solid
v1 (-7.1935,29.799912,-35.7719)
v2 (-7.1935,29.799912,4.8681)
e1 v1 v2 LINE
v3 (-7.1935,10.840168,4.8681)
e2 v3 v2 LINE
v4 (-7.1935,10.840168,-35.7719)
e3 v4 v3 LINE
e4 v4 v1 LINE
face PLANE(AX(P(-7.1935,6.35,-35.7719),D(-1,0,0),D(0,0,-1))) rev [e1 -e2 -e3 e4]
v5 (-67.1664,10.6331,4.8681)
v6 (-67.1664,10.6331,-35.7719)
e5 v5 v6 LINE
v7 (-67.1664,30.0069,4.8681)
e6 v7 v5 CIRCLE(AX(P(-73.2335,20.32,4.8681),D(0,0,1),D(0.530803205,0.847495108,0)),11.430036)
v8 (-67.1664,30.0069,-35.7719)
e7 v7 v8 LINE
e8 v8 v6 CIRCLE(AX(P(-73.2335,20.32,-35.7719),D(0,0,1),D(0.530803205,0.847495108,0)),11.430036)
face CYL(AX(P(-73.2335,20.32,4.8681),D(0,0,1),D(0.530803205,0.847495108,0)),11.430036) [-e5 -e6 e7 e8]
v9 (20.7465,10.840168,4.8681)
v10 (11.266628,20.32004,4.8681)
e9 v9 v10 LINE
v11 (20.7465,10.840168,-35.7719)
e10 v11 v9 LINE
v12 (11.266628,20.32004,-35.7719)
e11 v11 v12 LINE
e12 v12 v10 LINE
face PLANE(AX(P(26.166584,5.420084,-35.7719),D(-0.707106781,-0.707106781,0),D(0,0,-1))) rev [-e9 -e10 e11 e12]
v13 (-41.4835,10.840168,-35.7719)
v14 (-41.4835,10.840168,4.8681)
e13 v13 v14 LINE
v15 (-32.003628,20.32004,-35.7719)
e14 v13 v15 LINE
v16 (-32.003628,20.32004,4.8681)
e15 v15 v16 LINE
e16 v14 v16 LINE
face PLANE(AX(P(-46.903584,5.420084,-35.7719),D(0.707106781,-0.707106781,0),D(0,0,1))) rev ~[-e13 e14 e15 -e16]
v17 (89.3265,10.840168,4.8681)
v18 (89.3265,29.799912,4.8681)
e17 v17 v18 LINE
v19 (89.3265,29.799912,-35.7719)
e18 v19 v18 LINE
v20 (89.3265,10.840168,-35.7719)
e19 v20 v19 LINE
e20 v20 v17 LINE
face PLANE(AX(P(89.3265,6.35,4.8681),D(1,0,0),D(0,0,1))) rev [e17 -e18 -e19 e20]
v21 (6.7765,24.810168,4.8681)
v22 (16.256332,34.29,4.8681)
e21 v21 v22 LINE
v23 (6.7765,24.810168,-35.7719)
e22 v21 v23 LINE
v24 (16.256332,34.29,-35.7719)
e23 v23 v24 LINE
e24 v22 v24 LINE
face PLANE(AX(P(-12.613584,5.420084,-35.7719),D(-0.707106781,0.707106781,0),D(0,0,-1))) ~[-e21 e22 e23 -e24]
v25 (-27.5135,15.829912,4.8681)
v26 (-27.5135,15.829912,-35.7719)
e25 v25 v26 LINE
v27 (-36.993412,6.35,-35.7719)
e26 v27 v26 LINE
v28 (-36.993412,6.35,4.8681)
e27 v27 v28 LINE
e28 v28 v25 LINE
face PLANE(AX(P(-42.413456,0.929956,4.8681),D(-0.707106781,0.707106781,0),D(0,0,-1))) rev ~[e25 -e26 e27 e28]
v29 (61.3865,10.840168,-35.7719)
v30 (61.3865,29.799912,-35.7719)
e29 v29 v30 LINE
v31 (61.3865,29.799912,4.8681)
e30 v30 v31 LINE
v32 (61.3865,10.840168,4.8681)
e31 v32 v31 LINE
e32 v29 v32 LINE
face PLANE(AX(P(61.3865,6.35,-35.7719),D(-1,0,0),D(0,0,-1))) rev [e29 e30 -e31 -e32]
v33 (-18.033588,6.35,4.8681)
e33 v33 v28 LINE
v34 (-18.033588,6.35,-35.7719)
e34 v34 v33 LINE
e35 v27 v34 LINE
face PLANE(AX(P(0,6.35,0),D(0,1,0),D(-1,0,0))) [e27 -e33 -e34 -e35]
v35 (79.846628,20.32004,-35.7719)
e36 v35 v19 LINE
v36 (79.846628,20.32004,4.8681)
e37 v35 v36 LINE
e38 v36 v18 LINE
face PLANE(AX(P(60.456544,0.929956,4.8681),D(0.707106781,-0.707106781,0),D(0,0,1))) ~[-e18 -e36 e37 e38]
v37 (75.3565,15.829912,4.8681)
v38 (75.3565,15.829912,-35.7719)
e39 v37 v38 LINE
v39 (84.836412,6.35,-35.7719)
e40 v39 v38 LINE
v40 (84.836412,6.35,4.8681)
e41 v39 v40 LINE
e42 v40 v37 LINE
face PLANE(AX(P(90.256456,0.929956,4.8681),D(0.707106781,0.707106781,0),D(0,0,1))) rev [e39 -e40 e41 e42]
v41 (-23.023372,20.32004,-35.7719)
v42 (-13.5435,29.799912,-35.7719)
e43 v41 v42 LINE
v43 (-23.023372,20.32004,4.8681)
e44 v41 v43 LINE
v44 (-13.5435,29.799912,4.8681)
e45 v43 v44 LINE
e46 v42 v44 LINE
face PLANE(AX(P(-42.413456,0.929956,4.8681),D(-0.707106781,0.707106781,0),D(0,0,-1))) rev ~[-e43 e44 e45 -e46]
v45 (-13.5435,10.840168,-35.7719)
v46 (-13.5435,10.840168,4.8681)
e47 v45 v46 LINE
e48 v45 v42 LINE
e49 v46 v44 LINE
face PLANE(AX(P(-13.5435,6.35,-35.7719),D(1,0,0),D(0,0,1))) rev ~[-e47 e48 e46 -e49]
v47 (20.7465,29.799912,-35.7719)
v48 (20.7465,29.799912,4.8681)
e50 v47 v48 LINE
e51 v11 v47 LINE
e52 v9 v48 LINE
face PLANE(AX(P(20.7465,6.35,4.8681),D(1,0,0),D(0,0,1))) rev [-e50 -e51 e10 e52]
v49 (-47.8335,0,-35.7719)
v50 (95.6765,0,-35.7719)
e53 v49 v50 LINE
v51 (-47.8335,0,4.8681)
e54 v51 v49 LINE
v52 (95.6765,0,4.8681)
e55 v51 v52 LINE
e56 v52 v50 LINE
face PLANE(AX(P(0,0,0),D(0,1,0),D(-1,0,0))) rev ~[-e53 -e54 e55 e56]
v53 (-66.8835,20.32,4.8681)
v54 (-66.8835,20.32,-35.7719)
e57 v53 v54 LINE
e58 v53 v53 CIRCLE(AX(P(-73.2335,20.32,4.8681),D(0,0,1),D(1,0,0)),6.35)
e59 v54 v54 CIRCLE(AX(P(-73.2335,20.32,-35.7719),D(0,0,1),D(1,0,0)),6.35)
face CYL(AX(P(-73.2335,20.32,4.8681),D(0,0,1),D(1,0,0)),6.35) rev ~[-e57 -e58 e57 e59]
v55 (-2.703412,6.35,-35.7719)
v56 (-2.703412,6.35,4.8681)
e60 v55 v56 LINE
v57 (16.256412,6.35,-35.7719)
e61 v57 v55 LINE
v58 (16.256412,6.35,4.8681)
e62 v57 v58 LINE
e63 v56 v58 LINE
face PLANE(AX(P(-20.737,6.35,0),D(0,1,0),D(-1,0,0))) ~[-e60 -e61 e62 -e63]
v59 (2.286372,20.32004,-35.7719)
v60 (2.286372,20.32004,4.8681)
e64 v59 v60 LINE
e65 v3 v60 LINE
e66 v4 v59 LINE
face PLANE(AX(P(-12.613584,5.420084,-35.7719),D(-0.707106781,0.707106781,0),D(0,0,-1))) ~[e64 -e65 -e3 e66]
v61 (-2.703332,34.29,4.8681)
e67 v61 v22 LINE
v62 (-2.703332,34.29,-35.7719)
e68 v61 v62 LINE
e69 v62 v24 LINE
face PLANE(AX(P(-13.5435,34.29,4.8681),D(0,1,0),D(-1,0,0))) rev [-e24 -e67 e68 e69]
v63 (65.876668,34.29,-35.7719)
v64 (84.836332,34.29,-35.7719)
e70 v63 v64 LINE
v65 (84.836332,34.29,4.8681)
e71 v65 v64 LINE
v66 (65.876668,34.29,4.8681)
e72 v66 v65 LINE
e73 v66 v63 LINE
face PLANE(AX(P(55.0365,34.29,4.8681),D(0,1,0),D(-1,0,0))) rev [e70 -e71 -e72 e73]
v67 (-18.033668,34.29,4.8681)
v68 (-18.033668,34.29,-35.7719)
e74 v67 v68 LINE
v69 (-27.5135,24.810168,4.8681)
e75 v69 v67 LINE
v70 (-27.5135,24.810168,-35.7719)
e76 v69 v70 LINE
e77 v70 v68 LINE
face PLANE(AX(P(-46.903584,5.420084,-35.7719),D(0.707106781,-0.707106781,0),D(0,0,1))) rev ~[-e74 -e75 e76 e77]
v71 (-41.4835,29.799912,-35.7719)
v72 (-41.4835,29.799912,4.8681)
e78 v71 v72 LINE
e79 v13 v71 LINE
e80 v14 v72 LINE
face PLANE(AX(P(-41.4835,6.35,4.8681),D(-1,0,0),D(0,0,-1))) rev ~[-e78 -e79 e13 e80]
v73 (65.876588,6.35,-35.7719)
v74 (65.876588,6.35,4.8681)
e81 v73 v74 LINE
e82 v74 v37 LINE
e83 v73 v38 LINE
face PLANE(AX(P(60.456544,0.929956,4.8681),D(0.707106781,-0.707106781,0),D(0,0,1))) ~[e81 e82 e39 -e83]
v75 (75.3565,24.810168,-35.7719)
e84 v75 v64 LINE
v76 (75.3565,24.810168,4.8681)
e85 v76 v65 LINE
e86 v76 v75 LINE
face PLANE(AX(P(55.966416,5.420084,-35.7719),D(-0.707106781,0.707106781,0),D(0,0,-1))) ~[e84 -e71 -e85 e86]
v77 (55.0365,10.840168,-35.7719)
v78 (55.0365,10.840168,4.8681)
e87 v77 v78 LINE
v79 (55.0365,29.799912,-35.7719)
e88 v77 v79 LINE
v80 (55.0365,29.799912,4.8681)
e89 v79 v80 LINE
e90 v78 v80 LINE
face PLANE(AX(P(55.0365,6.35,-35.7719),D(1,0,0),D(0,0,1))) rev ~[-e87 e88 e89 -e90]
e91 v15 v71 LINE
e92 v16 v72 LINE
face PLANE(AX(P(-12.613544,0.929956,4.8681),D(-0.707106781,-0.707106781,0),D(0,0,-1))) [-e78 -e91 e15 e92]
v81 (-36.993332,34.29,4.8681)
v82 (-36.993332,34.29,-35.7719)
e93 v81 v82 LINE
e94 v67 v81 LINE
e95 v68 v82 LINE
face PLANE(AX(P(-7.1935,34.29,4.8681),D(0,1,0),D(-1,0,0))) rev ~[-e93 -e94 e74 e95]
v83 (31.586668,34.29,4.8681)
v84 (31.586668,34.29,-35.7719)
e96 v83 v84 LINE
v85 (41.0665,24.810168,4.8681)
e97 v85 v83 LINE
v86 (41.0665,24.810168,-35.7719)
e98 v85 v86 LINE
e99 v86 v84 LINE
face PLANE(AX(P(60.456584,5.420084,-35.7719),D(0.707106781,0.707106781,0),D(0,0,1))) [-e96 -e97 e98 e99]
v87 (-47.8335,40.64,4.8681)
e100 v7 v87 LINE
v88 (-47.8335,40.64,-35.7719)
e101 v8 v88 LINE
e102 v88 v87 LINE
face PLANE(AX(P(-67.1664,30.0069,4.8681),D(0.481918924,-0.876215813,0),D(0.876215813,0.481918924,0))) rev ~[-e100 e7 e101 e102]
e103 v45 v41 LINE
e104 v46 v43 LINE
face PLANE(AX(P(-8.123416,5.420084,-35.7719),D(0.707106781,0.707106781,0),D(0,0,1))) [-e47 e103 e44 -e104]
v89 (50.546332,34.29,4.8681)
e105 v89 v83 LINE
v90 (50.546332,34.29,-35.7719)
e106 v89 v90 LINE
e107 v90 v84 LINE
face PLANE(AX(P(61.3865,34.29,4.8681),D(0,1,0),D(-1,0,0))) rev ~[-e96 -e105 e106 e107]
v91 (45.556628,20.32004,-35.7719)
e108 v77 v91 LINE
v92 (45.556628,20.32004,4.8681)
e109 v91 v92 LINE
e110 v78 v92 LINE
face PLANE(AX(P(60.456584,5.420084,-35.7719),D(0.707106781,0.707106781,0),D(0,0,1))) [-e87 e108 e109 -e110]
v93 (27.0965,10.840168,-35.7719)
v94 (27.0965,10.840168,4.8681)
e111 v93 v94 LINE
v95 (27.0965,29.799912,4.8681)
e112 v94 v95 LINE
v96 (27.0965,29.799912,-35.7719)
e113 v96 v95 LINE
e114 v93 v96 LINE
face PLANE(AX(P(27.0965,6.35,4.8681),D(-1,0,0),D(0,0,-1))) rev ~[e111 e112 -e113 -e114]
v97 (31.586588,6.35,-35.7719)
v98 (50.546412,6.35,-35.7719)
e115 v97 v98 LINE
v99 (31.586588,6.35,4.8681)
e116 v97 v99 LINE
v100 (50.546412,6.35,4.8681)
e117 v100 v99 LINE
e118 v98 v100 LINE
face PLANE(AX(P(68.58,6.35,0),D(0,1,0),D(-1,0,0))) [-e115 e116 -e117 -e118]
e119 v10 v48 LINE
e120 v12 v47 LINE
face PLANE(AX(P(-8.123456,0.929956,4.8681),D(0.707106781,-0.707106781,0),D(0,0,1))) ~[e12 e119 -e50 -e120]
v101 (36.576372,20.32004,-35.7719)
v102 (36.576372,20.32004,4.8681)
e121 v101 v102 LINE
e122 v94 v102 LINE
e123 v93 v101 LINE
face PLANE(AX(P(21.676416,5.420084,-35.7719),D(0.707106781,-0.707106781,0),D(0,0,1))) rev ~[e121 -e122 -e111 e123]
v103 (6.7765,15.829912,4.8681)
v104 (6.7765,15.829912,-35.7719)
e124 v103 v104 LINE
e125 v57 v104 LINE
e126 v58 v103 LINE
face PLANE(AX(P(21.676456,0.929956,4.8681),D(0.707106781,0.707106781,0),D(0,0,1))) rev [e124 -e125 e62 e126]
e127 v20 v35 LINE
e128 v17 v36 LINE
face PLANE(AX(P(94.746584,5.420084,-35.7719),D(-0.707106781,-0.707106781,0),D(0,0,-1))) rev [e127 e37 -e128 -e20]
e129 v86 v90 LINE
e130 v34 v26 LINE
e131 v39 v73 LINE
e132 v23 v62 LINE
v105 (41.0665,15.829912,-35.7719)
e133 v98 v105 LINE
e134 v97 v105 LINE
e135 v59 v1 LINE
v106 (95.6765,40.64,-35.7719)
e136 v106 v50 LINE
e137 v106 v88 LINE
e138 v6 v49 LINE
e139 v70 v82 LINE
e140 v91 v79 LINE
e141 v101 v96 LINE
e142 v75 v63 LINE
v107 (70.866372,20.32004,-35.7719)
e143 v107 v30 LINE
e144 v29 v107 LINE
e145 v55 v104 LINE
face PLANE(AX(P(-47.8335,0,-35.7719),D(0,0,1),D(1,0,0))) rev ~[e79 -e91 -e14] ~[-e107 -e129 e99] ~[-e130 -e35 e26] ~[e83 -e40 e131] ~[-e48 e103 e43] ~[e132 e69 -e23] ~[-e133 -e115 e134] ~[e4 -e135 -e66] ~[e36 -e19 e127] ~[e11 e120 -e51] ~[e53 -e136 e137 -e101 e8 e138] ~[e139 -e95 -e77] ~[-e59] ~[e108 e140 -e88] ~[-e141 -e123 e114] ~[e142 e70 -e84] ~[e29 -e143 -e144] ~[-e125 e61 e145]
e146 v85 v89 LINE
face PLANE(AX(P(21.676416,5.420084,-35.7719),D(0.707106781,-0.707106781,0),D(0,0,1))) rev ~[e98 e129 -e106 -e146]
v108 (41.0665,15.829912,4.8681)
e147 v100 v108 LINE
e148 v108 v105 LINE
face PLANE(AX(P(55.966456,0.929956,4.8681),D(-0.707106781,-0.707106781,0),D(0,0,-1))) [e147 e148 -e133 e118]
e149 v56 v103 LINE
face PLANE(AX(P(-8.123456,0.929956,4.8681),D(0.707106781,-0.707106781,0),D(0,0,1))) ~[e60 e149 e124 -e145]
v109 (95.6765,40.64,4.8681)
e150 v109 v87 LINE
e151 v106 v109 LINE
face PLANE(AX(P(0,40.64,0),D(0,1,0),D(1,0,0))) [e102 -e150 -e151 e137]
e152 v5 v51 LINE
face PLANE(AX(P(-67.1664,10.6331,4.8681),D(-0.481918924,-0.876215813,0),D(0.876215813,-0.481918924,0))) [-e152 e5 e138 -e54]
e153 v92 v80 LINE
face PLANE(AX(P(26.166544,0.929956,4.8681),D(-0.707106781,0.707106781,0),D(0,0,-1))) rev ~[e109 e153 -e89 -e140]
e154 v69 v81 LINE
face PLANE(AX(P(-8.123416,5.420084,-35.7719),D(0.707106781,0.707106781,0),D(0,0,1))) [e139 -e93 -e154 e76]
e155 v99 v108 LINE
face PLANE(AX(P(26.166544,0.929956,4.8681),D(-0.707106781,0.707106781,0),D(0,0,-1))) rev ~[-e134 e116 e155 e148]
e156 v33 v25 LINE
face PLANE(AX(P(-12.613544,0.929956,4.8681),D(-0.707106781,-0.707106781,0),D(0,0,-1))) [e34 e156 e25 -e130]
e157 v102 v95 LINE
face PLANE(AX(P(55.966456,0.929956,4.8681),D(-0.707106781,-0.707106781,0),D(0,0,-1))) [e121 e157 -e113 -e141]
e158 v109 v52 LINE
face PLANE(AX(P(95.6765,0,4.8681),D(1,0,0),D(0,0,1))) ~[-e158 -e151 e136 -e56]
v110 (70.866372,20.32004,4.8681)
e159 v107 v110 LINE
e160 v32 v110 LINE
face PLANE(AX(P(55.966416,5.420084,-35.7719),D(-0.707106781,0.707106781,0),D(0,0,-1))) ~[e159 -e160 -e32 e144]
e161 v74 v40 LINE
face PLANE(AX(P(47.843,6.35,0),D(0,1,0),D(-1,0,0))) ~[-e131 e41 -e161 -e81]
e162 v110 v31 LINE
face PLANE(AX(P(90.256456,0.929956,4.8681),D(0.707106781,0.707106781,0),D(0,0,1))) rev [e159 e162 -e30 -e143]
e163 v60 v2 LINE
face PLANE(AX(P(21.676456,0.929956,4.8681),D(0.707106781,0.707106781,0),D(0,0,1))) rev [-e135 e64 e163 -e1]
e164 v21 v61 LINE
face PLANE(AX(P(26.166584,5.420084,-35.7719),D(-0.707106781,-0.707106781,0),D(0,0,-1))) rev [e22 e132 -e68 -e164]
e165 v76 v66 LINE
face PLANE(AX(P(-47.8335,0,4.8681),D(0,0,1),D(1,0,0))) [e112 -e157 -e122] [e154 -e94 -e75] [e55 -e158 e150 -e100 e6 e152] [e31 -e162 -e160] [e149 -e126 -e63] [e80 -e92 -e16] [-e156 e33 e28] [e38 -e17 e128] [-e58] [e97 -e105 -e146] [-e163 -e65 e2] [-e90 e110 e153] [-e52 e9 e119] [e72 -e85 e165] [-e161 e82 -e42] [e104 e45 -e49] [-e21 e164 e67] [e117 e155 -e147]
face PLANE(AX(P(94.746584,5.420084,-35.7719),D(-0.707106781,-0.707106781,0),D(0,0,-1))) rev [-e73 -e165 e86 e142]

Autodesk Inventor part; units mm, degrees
ref_plane "YZ Plane" through (0, 0, 0) normal (1, 0, 0) x (0, 1, 0)
sketch "Sketch1" plane through (0, 0, 0) normal (0, 1, 0) x (-1, 0, 0)
  line L0 (7.1935, 4.8681) -> (47.8335, 4.8681)
  line L1 (47.8335, 4.8681) -> (47.8335, -35.7719)
  line L2 (47.8335, -35.7719) -> (7.1935, -35.7719)
  line L3 (7.1935, -35.7719) -> (7.1935, 4.8681)
  point P0 (0, 0)
  point P1 (47.8335, -15.4519)
  dimension "d0" = 40.64
  dimension "d1" = 40.64
extrude "Extrusion1" add sketch "Sketch1" along normal blind 6.35
ref_plane "Work Plane1" through (-47.8335, 6.35, 4.8681) normal (-0.7071, -0.7071, 0) x (0, 0, 1)
sketch "Sketch4" plane through (0, 6.35, 0) normal (0, 1, 0) x (1, 0, 0)
  line L0 (-47.8335, -4.8681) -> (-13.5468, -4.8681) projected
  line L1 (-47.8335, 35.7719) -> (-7.1935, 35.7719) projected
  line L2 (-47.8335, -4.8681) -> (-41.4835, -4.8681)
  line L3 (-41.4835, -4.8681) -> (-41.4835, 35.7719)
  line L4 (-41.4835, 35.7719) -> (-47.8335, 35.7719)
  line L5 (-47.8335, 35.7719) -> (-47.8335, -4.8681)
  point P0 (0, 0)
  point P1 (-29.7585, -4.8681)
  dimension "d15" = 6.35
extrude "Extrusion4" add sketch "Sketch4" along normal blind 34.29
sketch "Sketch5" plane through (0, 6.35, 0) normal (0, 1, 0) x (1, 0, 0)
  line L0 (-7.1935, 35.7719) -> (-13.5435, 35.7719)
  line L1 (-13.5435, 35.7719) -> (-13.5435, -4.8681)
  line L2 (-13.5435, -4.8681) -> (-7.1935, -4.8681)
  line L3 (-7.1935, -4.8681) -> (-7.1935, 35.7719)
  line L4 (-7.1935, -4.8681) -> (-7.1935, 35.7719) projected
  point P0 (0, 0)
  point P1 (-11.6836, 35.7719)
  dimension "d18" = 6.35
  dimension "d19" = 40.64
extrude "Extrusion5" add sketch "Sketch5" along normal blind 34.29
sketch "Sketch6" plane through (-47.8335, 0, 4.8681) normal (0, 0, 1) x (1, 0, 0)
  line L0 (0, 40.64) -> (6.35, 40.64) projected
  line L1 (0, 40.64) -> (40.64, 40.64)
  line L2 (40.64, 40.64) -> (40.64, 34.29)
  line L3 (40.64, 34.29) -> (0, 34.29)
  line L4 (0, 34.29) -> (0, 40.64)
  point P0 (47.8335, 0)
  dimension "d22" = 40.64
  dimension "d23" = 6.35
extrude "Extrusion6" add sketch "Sketch6" against normal blind 40.64
ref_plane "Work Plane3" through (-7.1935, 6.35, -35.7719) normal (0.7071, -0.7071, 0) x (0, 0, -1)
sketch "Sketch8" plane through (-7.1935, 6.35, -35.7719) normal (0.7071, -0.7071, 0) x (0, 0, -1)
  line L0 (-40.64, -1.3151) -> (-40.64, -7.6651)
  line L1 (-40.64, -4.4901) -> (-40.64, 24.2467) projected
  line L2 (-40.64, -7.6651) -> (0, -7.6651)
  line L3 (0, -33.2269) -> (0, -4.4901) projected
  line L4 (0, -7.6651) -> (0, -1.3151)
  line L5 (0, -1.3151) -> (-40.64, -1.3151)
  dimension "d35" = 6.35
extrude "Extrusion7" add sketch "Sketch8" against normal blind 48.4886
sketch "Sketch9" plane through (-47.8335, 6.35, 4.8681) normal (-0.7071, -0.7071, 0) x (0, 0, 1)
  line L0 (0, -4.4901) -> (-40.64, -4.4901) projected
  line L1 (0, -4.4901) -> (0, -7.6651)
  line L2 (0, -7.6651) -> (-40.64, -7.6651)
  line L3 (-40.64, -7.6651) -> (-40.64, -1.3151)
  line L4 (-40.64, -1.3151) -> (0, -1.3151)
  line L5 (0, -1.3151) -> (0, -4.4901)
  point P0 (-4.8681, -38.3135)
  dimension "d36" = 3.175
  dimension "d37" = 40.64
  dimension "d38" = 90
  dimension "d39" = 6.35
  dimension "d40" = 90
  dimension "d41" = 40.64
  dimension "d42" = 90
extrude "Extrusion8" add sketch "Sketch9" against normal blind 48.4886
sketch "Sketch10" plane through (-7.1935, 0, 4.8681) normal (1, 0, 0) x (0, 0, -1)
  line L0 (0, 0) -> (0, 40.64) projected
  line L1 (0, 40.64) -> (40.64, 40.64)
  line L2 (40.64, 40.64) -> (40.64, 0)
  line L3 (40.64, 0) -> (0, 0)
  line L4 (0, 0) -> (0, 40.64)
  point P0 (4.8681, 0)
extrude "Extrusion9" cut sketch "Sketch10" against normal blind 3.175
mirror "Mirror1" about plane through (-10.3685, 20.32, -15.4519) normal (1, 0, 0)
sketch "Sketch11" plane through (27.0965, 0, 4.8681) normal (1, 0, 0) x (0, 0, -1)
  line L0 (0, 40.64) -> (40.64, 40.64)
  line L1 (40.64, 40.64) -> (40.64, 0)
  line L2 (40.64, 0) -> (0, 0)
  line L3 (0, 0) -> (0, 40.64)
  point P0 (4.8681, 0)
  dimension "d47" = 40.64
  dimension "d48" = 40.64
extrude "Extrusion10" cut sketch "Sketch11" against normal blind 3.175
mirror "Mirror2" about plane through (23.9215, 20.32, -15.4519) normal (1, 0, 0)
sketch "Sketch12" plane through (-47.8335, 0, 4.8681) normal (0, 0, 1) x (1, 0, 0)
  circle A0 centre (-25.4, 20.32) radius 6.35
  line L0 (143.51, 40.64) -> (0, 40.64) projected
  line L1 (0, 0) -> (0, 40.64) projected
  line L2 (-19.3329, 30.0069) -> (0, 40.64)
  line L3 (-19.3329, 10.6331) -> (0, 0)
  arc A1 (-19.3329, 30.0069) -> (-19.3329, 10.6331) centre (-25.4, 20.32) ccw
  point P0 (47.8335, 0)
  dimension "d51" = 12.7
  dimension "d52" = 20.32
  dimension "d53" = 25.4
  dimension "d54" = 22.86
extrude "Extrusion11" add sketch "Sketch12" against normal blind 40.64
properties part number "Leg Box"
